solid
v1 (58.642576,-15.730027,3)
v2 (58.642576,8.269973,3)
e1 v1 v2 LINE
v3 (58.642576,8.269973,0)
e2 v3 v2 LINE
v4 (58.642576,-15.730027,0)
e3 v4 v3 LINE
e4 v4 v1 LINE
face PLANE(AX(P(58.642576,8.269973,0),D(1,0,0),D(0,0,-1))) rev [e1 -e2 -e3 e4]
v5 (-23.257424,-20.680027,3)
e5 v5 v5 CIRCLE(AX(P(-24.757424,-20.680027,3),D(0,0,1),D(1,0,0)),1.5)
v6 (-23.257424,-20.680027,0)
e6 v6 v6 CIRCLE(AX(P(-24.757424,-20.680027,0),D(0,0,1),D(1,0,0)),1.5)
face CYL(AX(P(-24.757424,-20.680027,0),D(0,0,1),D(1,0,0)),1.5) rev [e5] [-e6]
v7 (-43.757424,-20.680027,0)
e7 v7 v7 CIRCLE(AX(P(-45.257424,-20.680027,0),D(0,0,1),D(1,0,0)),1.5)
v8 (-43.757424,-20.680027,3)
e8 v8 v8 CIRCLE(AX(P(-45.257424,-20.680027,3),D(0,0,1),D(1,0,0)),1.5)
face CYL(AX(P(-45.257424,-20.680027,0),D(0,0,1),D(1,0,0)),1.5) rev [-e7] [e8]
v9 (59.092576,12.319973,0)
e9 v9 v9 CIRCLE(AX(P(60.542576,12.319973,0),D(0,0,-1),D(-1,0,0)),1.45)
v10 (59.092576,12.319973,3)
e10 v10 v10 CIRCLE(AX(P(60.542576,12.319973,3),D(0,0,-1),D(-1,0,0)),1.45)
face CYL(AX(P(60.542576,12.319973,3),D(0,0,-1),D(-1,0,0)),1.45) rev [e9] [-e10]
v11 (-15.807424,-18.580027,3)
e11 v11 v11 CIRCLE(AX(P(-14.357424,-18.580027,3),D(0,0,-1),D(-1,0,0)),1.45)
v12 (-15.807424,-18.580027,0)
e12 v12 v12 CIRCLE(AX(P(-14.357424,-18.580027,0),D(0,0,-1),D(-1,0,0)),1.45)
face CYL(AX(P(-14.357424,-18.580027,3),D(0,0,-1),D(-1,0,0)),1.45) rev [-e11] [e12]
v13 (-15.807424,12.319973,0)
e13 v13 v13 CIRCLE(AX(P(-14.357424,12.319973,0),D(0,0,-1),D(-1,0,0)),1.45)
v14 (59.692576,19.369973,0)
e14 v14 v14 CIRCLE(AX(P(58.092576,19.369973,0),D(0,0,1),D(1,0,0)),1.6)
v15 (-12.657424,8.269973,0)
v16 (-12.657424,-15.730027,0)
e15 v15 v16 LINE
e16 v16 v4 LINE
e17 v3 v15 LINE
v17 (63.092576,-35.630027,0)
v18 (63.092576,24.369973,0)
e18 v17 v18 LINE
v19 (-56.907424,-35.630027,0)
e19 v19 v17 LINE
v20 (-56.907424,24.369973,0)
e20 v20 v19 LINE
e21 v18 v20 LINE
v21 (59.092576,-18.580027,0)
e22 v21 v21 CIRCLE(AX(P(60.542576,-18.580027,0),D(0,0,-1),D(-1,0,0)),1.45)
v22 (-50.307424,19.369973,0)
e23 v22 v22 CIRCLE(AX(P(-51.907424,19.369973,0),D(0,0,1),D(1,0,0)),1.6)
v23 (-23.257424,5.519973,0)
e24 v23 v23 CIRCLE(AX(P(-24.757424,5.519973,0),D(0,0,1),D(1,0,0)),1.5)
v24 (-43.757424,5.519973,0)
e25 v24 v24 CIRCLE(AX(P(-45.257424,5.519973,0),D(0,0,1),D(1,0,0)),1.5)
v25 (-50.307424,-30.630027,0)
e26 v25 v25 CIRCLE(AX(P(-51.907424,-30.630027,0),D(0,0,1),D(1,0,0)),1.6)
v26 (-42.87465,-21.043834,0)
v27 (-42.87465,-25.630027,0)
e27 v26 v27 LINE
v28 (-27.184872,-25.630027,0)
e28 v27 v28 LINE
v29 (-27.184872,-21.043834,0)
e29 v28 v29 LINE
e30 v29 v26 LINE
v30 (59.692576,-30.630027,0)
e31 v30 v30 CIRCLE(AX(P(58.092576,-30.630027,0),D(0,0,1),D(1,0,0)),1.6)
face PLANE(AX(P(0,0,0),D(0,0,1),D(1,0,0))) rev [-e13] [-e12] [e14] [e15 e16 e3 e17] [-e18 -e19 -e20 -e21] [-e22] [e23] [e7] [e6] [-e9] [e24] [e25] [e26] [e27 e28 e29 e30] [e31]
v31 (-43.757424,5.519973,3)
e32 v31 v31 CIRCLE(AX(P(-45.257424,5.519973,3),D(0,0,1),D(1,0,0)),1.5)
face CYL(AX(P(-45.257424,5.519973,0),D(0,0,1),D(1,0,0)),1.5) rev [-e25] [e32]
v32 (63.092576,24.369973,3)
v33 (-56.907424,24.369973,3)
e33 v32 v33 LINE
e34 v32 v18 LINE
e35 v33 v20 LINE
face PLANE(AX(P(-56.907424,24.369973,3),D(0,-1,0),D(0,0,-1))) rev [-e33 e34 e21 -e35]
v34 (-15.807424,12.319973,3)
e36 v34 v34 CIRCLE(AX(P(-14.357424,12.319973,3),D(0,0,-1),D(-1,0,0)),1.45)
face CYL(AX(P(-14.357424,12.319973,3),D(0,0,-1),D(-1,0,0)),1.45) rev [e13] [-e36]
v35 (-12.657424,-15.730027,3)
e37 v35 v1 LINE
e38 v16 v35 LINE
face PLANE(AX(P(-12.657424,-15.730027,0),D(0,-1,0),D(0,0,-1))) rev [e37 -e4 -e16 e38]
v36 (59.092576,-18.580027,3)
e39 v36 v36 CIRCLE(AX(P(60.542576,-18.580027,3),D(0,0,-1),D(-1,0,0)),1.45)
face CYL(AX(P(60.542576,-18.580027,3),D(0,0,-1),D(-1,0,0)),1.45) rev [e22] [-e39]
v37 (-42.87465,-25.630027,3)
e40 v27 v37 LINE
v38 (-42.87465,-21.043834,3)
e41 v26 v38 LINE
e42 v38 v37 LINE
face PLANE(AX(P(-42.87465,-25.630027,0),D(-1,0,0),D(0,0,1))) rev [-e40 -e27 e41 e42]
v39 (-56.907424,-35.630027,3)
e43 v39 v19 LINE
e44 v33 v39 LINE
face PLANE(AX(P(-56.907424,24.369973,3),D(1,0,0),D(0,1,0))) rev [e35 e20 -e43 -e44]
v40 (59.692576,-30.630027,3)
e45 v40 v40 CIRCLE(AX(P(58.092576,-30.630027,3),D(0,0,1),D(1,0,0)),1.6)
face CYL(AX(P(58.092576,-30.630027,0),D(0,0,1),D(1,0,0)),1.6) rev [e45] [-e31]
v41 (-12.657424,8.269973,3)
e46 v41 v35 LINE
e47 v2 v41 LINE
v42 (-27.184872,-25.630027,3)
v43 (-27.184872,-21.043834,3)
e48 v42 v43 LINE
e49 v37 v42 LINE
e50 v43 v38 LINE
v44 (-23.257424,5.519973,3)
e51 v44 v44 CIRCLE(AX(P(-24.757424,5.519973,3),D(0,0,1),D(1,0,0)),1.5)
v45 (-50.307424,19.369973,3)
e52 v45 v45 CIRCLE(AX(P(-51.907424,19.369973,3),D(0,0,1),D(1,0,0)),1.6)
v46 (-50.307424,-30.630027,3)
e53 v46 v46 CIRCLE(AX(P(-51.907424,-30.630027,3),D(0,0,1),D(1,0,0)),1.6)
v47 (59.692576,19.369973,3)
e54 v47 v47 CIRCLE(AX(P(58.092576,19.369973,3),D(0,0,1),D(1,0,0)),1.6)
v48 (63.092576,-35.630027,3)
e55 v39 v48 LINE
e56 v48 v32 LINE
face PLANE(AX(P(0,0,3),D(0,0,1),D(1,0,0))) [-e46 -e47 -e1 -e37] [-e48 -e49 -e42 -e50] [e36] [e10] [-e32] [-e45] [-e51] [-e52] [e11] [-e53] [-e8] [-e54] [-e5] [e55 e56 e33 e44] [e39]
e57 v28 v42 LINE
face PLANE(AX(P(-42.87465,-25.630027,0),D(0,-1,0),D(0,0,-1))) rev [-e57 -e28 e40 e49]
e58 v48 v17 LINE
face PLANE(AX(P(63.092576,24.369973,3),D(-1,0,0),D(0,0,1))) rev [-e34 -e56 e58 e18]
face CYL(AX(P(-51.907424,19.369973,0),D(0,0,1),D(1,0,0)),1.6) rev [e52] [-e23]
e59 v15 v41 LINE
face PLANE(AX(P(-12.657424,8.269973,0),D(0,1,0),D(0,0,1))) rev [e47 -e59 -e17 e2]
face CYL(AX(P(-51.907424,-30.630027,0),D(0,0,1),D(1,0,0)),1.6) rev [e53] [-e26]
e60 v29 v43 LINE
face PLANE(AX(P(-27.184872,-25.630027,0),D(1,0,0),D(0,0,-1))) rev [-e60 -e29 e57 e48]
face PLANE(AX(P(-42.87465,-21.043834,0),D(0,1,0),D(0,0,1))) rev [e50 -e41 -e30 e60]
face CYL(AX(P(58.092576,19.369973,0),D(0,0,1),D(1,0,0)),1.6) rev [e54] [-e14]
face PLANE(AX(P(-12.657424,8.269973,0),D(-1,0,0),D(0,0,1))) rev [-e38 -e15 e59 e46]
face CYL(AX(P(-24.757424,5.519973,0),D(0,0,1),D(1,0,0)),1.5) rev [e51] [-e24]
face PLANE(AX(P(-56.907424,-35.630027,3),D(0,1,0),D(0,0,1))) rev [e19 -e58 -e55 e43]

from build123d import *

# Parameters (mm, degrees)
SKETCH1_W           = 120
SKETCH1_H           = 60
BOSS_EXTRUDE1_DEPTH = 3
SKETCH3_R           = 1.6
CUT_EXTRUDE2_DEPTH  = 73.520148402
SKETCH5_R           = 1.45
CUT_EXTRUDE4_DEPTH  = 73.520148402
SKETCH7_W           = 71.3
SKETCH7_H           = 24
CUT_EXTRUDE5_DEPTH  = 73.520148402
SKETCH8_R           = 1.5
SKETCH8_W           = 15.689778119
SKETCH8_H           = 4.586192705
CUT_EXTRUDE6_DEPTH  = 73.520148402


with BuildPart() as part:
    # Sketch1 → Boss-Extrude1 (new body)
    with BuildSketch(Plane.XY):
        with Locations((3.092575742, -5.63002681)):
            Rectangle(SKETCH1_W, SKETCH1_H)
    extrude(amount=BOSS_EXTRUDE1_DEPTH)

    # Sketch3 → Cut-Extrude2 (cut, through all)
    with BuildSketch(Plane.XY.offset(3)):
        with Locations((58.092575742, 19.36997319)):
            Circle(SKETCH3_R)
        with Locations((58.092575742, -30.63002681)):
            Circle(SKETCH3_R)
        with Locations((-51.907424258, -30.63002681)):
            Circle(SKETCH3_R)
        with Locations((-51.907424258, 19.36997319)):
            Circle(SKETCH3_R)
    extrude(amount=-CUT_EXTRUDE2_DEPTH, mode=Mode.SUBTRACT)

    # Sketch5 → Cut-Extrude4 (cut, through all)
    with BuildSketch(Plane(origin=(0, 0, 0), x_dir=(-1, 0, 0), z_dir=(0, 0, -1))):
        with Locations((14.357424258, 12.31997319)):
            Circle(SKETCH5_R)
        with Locations((14.357424258, -18.58002681)):
            Circle(SKETCH5_R)
        with Locations((-60.542575742, -18.58002681)):
            Circle(SKETCH5_R)
        with Locations((-60.542575742, 12.31997319)):
            Circle(SKETCH5_R)
    extrude(amount=-CUT_EXTRUDE4_DEPTH, mode=Mode.SUBTRACT)

    # Sketch7 → Cut-Extrude5 (cut, through all)
    with BuildSketch(Plane.XY.offset(3)):
        with Locations((22.992575742, -3.73002681)):
            Rectangle(SKETCH7_W, SKETCH7_H)
    extrude(amount=-CUT_EXTRUDE5_DEPTH, mode=Mode.SUBTRACT)

    # Sketch8 → Cut-Extrude6 (cut, through all)
    with BuildSketch(Plane.XY.offset(3)):
        with Locations((-45.257424258, 5.51997319)):
            Circle(SKETCH8_R)
        with Locations((-24.757424258, 5.51997319)):
            Circle(SKETCH8_R)
        with Locations((-24.757424258, -20.68002681)):
            Circle(SKETCH8_R)
        with Locations((-45.257424258, -20.68002681)):
            Circle(SKETCH8_R)
        with Locations((-35.029761386, -23.336930458)):
            Rectangle(SKETCH8_W, SKETCH8_H)
    extrude(amount=-CUT_EXTRUDE6_DEPTH, mode=Mode.SUBTRACT)


solid = part.part
